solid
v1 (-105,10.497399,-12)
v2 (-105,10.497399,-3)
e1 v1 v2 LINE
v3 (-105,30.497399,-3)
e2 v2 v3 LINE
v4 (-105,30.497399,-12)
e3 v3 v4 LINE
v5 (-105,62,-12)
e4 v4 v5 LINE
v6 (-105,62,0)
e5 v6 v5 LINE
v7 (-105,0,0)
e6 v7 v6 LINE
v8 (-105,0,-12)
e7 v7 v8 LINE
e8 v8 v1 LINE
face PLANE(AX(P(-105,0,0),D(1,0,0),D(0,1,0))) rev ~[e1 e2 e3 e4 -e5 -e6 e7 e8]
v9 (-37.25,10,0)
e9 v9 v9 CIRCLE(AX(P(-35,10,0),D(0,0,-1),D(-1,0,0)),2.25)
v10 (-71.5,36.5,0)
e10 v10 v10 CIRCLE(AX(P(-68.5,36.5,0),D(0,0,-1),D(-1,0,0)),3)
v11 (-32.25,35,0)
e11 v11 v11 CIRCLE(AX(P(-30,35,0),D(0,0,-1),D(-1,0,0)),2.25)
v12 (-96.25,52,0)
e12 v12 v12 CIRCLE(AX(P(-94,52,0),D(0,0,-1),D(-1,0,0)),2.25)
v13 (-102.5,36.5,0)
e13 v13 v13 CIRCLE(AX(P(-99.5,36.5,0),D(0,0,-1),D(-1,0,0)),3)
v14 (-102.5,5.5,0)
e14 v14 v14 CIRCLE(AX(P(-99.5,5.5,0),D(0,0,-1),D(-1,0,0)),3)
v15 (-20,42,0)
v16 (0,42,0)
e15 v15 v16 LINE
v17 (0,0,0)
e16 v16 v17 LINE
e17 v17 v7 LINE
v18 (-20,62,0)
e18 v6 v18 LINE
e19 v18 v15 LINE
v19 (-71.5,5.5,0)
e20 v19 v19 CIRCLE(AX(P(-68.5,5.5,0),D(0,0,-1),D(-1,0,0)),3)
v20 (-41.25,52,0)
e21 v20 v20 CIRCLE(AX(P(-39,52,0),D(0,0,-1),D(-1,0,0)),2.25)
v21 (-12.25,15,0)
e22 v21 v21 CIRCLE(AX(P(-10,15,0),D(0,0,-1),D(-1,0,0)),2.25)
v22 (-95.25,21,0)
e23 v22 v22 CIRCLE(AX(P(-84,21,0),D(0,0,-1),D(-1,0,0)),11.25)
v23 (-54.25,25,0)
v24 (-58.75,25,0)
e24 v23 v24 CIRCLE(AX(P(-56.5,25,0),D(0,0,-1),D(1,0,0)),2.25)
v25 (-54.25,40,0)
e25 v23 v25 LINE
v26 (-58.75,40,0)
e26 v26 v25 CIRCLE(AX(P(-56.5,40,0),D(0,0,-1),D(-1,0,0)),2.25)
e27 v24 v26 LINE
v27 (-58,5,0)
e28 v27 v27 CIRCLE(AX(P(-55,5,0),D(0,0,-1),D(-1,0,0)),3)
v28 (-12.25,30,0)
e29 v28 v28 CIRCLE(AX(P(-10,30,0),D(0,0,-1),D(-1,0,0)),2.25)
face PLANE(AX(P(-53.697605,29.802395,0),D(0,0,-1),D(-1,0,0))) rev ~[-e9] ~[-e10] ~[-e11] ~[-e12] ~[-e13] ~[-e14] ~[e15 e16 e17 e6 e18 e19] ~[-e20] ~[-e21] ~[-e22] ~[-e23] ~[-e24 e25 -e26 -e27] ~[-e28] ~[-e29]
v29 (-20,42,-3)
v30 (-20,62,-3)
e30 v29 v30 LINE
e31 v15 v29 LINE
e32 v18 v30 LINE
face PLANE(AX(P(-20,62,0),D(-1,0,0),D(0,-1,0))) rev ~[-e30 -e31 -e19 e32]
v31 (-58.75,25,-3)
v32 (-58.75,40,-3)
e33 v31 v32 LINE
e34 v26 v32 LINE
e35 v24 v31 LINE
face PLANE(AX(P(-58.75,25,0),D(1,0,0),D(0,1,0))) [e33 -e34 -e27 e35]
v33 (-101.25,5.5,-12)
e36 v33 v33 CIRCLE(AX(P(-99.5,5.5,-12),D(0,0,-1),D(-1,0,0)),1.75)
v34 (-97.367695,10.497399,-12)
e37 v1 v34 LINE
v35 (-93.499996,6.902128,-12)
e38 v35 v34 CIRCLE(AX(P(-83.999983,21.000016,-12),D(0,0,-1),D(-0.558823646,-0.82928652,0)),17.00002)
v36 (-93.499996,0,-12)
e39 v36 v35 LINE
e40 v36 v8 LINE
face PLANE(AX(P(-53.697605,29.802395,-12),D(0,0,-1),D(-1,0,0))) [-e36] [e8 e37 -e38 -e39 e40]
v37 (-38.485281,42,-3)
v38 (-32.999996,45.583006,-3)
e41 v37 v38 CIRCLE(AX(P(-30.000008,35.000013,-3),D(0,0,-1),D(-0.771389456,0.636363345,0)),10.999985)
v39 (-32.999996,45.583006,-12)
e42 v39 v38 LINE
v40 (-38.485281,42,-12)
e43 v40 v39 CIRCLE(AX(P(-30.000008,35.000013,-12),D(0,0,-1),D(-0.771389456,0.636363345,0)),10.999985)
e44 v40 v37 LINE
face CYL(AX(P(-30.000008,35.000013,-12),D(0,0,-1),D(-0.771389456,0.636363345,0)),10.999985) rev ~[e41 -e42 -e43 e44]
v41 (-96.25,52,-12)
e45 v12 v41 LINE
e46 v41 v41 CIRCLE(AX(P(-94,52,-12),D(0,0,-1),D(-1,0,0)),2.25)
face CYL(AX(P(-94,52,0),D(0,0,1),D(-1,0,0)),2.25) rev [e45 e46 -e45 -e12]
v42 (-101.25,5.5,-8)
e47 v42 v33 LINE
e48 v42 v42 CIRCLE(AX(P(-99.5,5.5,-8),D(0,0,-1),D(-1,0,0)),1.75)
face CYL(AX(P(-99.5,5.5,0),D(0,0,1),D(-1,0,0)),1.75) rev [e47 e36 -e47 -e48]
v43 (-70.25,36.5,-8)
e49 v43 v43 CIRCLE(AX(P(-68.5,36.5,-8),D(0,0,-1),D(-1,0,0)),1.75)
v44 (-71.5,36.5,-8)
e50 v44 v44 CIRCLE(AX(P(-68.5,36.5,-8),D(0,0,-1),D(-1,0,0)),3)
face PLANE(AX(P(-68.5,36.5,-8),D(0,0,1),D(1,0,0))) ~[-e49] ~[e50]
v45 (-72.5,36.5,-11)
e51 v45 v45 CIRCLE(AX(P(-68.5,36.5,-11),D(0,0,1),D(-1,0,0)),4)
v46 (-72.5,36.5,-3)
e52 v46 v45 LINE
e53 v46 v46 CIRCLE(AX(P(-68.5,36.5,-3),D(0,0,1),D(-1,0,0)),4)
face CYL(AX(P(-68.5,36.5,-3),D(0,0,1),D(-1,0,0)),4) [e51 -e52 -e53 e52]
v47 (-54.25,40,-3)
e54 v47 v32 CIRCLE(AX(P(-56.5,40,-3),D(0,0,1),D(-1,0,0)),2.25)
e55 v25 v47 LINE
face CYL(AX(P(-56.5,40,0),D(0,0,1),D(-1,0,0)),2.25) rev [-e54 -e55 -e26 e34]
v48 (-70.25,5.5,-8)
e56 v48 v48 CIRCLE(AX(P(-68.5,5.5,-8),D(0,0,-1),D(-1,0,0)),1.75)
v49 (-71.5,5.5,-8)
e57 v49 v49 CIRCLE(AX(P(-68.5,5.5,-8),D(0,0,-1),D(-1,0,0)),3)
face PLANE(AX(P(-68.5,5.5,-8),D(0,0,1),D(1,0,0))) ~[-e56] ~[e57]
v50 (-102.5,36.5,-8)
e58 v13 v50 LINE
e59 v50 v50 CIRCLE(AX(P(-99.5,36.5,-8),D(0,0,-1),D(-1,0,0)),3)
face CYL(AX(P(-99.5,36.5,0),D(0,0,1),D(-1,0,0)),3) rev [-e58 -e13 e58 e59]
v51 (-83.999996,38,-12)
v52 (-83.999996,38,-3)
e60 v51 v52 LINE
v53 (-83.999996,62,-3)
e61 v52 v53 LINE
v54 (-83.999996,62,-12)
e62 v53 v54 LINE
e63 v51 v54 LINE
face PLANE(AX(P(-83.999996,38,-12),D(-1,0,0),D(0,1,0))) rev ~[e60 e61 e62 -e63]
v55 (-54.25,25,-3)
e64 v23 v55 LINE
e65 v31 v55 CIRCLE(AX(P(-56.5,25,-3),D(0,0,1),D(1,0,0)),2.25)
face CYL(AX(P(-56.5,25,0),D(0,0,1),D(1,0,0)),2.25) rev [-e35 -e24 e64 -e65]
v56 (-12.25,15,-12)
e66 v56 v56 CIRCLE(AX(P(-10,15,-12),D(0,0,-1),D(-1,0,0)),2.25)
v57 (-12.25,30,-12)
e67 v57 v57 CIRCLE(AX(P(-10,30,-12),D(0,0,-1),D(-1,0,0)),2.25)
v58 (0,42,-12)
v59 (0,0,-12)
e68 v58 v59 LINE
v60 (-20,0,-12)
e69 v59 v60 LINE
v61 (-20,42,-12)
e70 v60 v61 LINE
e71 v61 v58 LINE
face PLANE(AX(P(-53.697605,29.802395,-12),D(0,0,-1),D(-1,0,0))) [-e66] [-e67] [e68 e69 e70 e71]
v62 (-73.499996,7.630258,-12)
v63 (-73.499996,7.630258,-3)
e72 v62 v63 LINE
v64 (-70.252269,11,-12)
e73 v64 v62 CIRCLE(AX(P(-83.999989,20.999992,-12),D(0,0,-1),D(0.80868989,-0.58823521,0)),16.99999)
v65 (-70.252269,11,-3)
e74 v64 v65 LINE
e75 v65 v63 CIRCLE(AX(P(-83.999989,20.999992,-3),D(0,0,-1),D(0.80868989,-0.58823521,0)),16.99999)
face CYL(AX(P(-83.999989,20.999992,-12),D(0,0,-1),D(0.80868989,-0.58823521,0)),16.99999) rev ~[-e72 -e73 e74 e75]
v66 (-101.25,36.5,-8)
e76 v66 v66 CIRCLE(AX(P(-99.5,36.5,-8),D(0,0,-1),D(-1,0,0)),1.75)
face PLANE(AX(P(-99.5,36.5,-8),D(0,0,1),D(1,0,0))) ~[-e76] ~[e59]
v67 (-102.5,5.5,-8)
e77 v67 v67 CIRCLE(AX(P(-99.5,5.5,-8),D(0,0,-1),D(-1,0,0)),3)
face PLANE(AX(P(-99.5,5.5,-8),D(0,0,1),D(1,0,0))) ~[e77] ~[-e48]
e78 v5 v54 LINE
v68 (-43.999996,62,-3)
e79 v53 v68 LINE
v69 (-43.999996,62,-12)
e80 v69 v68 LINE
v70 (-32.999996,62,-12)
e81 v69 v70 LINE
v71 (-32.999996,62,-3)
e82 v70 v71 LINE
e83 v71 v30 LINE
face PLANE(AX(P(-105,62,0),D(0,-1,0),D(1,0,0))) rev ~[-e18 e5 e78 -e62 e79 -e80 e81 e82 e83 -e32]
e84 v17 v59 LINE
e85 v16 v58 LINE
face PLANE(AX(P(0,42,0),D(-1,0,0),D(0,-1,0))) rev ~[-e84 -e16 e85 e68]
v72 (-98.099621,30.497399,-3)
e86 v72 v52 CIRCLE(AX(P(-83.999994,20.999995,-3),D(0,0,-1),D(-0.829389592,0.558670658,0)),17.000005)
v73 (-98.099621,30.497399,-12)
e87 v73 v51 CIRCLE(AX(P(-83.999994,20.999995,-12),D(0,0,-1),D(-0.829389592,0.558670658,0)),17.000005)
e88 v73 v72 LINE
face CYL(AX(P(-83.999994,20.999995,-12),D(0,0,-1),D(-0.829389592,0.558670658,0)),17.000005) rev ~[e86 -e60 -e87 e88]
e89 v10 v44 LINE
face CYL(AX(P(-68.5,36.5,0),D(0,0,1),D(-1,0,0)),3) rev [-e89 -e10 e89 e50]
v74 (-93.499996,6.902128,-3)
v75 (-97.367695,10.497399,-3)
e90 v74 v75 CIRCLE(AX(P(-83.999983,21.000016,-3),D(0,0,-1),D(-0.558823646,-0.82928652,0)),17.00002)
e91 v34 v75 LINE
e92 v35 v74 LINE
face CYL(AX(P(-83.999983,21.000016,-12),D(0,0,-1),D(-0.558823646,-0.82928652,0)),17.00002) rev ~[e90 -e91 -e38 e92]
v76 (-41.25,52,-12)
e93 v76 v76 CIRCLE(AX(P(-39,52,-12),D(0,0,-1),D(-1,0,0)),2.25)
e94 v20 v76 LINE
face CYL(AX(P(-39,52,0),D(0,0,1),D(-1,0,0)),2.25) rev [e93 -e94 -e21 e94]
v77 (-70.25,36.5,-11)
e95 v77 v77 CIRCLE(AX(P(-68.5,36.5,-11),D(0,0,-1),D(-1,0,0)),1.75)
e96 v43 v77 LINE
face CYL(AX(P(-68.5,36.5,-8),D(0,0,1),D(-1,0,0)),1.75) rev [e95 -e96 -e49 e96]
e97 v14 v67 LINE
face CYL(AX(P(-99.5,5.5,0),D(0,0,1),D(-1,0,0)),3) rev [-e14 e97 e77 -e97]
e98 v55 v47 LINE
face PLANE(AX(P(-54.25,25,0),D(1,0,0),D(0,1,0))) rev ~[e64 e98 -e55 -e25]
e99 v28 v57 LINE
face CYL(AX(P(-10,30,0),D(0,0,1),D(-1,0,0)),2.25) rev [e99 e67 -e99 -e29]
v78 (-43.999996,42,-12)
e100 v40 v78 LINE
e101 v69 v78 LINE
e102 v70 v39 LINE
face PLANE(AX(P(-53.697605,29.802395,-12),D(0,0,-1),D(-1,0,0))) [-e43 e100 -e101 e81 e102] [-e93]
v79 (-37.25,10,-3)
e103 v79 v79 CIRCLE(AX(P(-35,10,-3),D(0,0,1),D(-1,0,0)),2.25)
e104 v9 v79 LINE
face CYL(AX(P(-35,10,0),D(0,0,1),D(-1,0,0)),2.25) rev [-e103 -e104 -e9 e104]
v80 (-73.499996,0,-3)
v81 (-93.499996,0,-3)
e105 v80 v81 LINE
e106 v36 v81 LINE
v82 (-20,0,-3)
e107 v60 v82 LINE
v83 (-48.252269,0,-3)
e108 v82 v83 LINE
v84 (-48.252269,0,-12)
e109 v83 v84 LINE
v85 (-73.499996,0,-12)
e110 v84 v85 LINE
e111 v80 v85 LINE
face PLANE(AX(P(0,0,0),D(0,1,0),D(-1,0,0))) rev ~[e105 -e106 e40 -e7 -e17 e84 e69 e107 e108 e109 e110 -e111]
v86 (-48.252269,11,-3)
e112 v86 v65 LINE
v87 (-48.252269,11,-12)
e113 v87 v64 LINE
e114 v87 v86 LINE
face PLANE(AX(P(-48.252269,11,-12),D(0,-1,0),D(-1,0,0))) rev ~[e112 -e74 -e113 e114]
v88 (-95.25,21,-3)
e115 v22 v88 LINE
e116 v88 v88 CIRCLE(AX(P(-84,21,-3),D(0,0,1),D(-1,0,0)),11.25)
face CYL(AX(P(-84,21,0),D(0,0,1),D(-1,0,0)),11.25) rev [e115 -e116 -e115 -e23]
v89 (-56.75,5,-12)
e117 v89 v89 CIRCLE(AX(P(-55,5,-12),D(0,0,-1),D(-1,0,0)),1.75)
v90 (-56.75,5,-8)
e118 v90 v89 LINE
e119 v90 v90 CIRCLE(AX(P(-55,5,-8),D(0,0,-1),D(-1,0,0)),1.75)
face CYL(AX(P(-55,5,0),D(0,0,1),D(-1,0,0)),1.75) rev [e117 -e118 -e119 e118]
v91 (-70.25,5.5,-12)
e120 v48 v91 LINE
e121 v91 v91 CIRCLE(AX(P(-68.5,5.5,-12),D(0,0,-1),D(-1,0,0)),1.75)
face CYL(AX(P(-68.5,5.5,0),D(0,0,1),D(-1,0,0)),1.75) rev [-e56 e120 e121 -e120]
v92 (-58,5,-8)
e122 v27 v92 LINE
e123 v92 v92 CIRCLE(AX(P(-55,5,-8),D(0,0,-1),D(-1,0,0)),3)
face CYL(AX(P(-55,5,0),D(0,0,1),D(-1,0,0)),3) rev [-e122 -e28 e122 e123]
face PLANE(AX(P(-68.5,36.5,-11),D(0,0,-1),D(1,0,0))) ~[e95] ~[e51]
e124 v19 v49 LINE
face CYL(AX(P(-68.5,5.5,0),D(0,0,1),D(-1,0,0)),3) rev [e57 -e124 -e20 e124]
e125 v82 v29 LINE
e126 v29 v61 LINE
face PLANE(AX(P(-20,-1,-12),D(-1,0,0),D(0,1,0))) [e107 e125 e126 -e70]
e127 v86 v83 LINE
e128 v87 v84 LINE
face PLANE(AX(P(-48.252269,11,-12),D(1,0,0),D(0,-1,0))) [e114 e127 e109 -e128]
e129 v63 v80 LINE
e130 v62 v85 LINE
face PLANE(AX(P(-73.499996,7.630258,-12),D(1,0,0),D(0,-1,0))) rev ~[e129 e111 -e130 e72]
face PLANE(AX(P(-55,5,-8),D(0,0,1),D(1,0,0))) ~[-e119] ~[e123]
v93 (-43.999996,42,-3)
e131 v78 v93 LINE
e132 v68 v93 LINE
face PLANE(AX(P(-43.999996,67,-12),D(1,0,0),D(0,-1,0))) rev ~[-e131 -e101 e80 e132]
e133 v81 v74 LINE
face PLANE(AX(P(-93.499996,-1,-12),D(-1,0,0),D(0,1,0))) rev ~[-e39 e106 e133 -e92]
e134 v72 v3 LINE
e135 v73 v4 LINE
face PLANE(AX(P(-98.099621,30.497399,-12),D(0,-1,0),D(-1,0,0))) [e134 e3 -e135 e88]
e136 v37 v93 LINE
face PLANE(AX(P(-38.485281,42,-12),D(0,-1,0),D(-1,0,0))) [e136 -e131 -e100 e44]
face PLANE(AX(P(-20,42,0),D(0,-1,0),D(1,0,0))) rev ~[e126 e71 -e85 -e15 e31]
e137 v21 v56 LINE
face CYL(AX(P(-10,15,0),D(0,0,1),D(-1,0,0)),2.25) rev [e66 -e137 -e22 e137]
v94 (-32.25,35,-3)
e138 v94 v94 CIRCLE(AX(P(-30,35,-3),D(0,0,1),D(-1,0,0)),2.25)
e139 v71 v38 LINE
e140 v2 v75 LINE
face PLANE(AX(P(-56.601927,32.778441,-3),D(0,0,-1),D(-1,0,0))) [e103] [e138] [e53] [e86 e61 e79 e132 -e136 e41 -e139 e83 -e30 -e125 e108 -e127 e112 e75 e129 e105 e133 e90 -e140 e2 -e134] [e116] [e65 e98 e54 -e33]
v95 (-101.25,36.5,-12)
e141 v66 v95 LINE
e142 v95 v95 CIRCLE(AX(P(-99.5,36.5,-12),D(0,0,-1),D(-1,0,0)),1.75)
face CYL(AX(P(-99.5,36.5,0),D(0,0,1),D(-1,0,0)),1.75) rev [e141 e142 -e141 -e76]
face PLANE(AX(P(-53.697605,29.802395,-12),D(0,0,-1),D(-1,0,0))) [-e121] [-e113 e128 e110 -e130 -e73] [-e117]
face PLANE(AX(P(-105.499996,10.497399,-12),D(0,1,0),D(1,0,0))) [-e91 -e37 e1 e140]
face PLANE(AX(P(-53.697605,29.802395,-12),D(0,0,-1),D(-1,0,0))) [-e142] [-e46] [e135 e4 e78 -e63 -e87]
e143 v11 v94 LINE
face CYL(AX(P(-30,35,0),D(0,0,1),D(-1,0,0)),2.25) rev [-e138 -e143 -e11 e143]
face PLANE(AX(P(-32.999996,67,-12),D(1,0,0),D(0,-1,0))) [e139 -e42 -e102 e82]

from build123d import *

# Parameters (mm, degrees)
SKETCH_R        = 2.25
SKETCH_R_2      = 11.25
SKETCH_R_3      = 1.75
PAD_DEPTH       = 12
POCKET_DEPTH    = 9
SKETCH002_R     = 4
PAD001_DEPTH    = 8
SKETCH003_R     = 3
POCKET001_DEPTH = 8
SKETCH004_R     = 1.75
POCKET002_DEPTH = 5


with BuildPart() as pocket_belt_path:
    # Sketch → Pad (new body)
    with BuildSketch(Plane.XY):
        Polygon((0, 0), (105, 0), (105, 62), (20, 62), (20, 42), (0, 42), align=None)
        with Locations((35, 10)):
            Circle(SKETCH_R, mode=Mode.SUBTRACT)
        with Locations((30, 35)):
            Circle(SKETCH_R, mode=Mode.SUBTRACT)
        with Locations((84, 21)):
            Circle(SKETCH_R_2, mode=Mode.SUBTRACT)
        with Locations((68.5, 36.5)):
            Circle(SKETCH_R_3, mode=Mode.SUBTRACT)
        with Locations((99.5, 36.5)):
            Circle(SKETCH_R_3, mode=Mode.SUBTRACT)
        with Locations((68.5, 5.5)):
            Circle(SKETCH_R_3, mode=Mode.SUBTRACT)
        with Locations((99.5, 5.5)):
            Circle(SKETCH_R_3, mode=Mode.SUBTRACT)
        with Locations((10, 30)):
            Circle(SKETCH_R, mode=Mode.SUBTRACT)
        with Locations((10, 15)):
            Circle(SKETCH_R, mode=Mode.SUBTRACT)
        with Locations((39, 52)):
            Circle(SKETCH_R, mode=Mode.SUBTRACT)
        with Locations((94, 52)):
            Circle(SKETCH_R, mode=Mode.SUBTRACT)
        with Locations((55, 5)):
            Circle(SKETCH_R_3, mode=Mode.SUBTRACT)
        with BuildLine():
            Line((58.75, 25), (58.75, 40))
            ThreePointArc((58.75, 40), (56.5, 42.25), (54.25, 40))
            Line((54.25, 25), (54.25, 40))
            ThreePointArc((54.25, 25), (56.5, 22.75), (58.75, 25))
        make_face(mode=Mode.SUBTRACT)
    extrude(amount=PAD_DEPTH)

    # Sketch001 → Pocket (cut)
    with BuildSketch(Plane.XY.offset(12)):
        with BuildLine():
            ThreePointArc((38.485281, 42), (36.015595, 44.209377), (32.999996, 45.583006))
            Line((32.999996, 67), (32.999996, 45.583006))
            Line((20, 67), (32.999996, 67))
            Line((20, -1), (20, 67))
            Line((20, -1), (48.252269, -1))
            Line((48.252269, 11), (48.252269, -1))
            Line((48.252269, 11), (70.252269, 11))
            ThreePointArc((70.252269, 11), (71.759618, 9.202833), (73.499996, 7.630258))
            Line((73.499996, 7.630258), (73.499996, -1))
            Line((73.499996, -1), (93.499996, -1))
            Line((93.499996, -1), (93.499996, 6.902128))
            ThreePointArc((93.499996, 6.902128), (95.574295, 8.548671), (97.367695, 10.497399))
            Line((105.499996, 10.497399), (97.367695, 10.497399))
            Line((105.499996, 30.497399), (105.499996, 10.497399))
            Line((98.099621, 30.497399), (105.499996, 30.497399))
            ThreePointArc((98.099621, 30.497399), (91.98574, 36.007594), (83.999996, 38))
            Line((83.999996, 38), (83.999996, 67))
            Line((83.999996, 67), (43.999996, 67))
            Line((43.999996, 67), (43.999996, 42))
            Line((38.485281, 42), (43.999996, 42))
        make_face()
    extrude(amount=-POCKET_DEPTH, mode=Mode.SUBTRACT)


with BuildPart() as pocket002:
    # Part__Mirroring: instance of Pocket belt path
    add(pocket_belt_path.part.mirror(Plane(origin=(0, 0, 0), x_dir=(0, 1, 0), z_dir=(0, 0, 1))))

    # Sketch002 → Pad001 (new body)
    with BuildSketch(Plane(origin=(0, 0, -3), x_dir=(1, 0, 0), z_dir=(0, 0, -1))):
        with Locations((68.5, -36.5)):
            Circle(SKETCH002_R)
    extrude(amount=PAD001_DEPTH)

    # Sketch003 → Pocket001 (cut)
    with BuildSketch(Plane.XY):
        with Locations((55, 5)):
            Circle(SKETCH003_R)
        with Locations((68.5, 36.5)):
            Circle(SKETCH003_R)
        with Locations((68.5, 5.5)):
            Circle(SKETCH003_R)
        with Locations((99.5, 36.5)):
            Circle(SKETCH003_R)
        with Locations((99.5, 5.5)):
            Circle(SKETCH003_R)
    extrude(amount=-POCKET001_DEPTH, mode=Mode.SUBTRACT)

    # Sketch004 → Pocket002 (cut)
    with BuildSketch(Plane.XY.offset(-8)):
        with Locations((68.5, 36.5)):
            Circle(SKETCH004_R)
    extrude(amount=-POCKET002_DEPTH, mode=Mode.SUBTRACT)


with BuildPart() as part_mirroring001:
    # Part__Mirroring001: instance of Pocket002
    add(pocket002.part.mirror(Plane(origin=(0, 0, 0), x_dir=(0, -1, 0), z_dir=(1, 0, 0))))


solid = part_mirroring001.part
